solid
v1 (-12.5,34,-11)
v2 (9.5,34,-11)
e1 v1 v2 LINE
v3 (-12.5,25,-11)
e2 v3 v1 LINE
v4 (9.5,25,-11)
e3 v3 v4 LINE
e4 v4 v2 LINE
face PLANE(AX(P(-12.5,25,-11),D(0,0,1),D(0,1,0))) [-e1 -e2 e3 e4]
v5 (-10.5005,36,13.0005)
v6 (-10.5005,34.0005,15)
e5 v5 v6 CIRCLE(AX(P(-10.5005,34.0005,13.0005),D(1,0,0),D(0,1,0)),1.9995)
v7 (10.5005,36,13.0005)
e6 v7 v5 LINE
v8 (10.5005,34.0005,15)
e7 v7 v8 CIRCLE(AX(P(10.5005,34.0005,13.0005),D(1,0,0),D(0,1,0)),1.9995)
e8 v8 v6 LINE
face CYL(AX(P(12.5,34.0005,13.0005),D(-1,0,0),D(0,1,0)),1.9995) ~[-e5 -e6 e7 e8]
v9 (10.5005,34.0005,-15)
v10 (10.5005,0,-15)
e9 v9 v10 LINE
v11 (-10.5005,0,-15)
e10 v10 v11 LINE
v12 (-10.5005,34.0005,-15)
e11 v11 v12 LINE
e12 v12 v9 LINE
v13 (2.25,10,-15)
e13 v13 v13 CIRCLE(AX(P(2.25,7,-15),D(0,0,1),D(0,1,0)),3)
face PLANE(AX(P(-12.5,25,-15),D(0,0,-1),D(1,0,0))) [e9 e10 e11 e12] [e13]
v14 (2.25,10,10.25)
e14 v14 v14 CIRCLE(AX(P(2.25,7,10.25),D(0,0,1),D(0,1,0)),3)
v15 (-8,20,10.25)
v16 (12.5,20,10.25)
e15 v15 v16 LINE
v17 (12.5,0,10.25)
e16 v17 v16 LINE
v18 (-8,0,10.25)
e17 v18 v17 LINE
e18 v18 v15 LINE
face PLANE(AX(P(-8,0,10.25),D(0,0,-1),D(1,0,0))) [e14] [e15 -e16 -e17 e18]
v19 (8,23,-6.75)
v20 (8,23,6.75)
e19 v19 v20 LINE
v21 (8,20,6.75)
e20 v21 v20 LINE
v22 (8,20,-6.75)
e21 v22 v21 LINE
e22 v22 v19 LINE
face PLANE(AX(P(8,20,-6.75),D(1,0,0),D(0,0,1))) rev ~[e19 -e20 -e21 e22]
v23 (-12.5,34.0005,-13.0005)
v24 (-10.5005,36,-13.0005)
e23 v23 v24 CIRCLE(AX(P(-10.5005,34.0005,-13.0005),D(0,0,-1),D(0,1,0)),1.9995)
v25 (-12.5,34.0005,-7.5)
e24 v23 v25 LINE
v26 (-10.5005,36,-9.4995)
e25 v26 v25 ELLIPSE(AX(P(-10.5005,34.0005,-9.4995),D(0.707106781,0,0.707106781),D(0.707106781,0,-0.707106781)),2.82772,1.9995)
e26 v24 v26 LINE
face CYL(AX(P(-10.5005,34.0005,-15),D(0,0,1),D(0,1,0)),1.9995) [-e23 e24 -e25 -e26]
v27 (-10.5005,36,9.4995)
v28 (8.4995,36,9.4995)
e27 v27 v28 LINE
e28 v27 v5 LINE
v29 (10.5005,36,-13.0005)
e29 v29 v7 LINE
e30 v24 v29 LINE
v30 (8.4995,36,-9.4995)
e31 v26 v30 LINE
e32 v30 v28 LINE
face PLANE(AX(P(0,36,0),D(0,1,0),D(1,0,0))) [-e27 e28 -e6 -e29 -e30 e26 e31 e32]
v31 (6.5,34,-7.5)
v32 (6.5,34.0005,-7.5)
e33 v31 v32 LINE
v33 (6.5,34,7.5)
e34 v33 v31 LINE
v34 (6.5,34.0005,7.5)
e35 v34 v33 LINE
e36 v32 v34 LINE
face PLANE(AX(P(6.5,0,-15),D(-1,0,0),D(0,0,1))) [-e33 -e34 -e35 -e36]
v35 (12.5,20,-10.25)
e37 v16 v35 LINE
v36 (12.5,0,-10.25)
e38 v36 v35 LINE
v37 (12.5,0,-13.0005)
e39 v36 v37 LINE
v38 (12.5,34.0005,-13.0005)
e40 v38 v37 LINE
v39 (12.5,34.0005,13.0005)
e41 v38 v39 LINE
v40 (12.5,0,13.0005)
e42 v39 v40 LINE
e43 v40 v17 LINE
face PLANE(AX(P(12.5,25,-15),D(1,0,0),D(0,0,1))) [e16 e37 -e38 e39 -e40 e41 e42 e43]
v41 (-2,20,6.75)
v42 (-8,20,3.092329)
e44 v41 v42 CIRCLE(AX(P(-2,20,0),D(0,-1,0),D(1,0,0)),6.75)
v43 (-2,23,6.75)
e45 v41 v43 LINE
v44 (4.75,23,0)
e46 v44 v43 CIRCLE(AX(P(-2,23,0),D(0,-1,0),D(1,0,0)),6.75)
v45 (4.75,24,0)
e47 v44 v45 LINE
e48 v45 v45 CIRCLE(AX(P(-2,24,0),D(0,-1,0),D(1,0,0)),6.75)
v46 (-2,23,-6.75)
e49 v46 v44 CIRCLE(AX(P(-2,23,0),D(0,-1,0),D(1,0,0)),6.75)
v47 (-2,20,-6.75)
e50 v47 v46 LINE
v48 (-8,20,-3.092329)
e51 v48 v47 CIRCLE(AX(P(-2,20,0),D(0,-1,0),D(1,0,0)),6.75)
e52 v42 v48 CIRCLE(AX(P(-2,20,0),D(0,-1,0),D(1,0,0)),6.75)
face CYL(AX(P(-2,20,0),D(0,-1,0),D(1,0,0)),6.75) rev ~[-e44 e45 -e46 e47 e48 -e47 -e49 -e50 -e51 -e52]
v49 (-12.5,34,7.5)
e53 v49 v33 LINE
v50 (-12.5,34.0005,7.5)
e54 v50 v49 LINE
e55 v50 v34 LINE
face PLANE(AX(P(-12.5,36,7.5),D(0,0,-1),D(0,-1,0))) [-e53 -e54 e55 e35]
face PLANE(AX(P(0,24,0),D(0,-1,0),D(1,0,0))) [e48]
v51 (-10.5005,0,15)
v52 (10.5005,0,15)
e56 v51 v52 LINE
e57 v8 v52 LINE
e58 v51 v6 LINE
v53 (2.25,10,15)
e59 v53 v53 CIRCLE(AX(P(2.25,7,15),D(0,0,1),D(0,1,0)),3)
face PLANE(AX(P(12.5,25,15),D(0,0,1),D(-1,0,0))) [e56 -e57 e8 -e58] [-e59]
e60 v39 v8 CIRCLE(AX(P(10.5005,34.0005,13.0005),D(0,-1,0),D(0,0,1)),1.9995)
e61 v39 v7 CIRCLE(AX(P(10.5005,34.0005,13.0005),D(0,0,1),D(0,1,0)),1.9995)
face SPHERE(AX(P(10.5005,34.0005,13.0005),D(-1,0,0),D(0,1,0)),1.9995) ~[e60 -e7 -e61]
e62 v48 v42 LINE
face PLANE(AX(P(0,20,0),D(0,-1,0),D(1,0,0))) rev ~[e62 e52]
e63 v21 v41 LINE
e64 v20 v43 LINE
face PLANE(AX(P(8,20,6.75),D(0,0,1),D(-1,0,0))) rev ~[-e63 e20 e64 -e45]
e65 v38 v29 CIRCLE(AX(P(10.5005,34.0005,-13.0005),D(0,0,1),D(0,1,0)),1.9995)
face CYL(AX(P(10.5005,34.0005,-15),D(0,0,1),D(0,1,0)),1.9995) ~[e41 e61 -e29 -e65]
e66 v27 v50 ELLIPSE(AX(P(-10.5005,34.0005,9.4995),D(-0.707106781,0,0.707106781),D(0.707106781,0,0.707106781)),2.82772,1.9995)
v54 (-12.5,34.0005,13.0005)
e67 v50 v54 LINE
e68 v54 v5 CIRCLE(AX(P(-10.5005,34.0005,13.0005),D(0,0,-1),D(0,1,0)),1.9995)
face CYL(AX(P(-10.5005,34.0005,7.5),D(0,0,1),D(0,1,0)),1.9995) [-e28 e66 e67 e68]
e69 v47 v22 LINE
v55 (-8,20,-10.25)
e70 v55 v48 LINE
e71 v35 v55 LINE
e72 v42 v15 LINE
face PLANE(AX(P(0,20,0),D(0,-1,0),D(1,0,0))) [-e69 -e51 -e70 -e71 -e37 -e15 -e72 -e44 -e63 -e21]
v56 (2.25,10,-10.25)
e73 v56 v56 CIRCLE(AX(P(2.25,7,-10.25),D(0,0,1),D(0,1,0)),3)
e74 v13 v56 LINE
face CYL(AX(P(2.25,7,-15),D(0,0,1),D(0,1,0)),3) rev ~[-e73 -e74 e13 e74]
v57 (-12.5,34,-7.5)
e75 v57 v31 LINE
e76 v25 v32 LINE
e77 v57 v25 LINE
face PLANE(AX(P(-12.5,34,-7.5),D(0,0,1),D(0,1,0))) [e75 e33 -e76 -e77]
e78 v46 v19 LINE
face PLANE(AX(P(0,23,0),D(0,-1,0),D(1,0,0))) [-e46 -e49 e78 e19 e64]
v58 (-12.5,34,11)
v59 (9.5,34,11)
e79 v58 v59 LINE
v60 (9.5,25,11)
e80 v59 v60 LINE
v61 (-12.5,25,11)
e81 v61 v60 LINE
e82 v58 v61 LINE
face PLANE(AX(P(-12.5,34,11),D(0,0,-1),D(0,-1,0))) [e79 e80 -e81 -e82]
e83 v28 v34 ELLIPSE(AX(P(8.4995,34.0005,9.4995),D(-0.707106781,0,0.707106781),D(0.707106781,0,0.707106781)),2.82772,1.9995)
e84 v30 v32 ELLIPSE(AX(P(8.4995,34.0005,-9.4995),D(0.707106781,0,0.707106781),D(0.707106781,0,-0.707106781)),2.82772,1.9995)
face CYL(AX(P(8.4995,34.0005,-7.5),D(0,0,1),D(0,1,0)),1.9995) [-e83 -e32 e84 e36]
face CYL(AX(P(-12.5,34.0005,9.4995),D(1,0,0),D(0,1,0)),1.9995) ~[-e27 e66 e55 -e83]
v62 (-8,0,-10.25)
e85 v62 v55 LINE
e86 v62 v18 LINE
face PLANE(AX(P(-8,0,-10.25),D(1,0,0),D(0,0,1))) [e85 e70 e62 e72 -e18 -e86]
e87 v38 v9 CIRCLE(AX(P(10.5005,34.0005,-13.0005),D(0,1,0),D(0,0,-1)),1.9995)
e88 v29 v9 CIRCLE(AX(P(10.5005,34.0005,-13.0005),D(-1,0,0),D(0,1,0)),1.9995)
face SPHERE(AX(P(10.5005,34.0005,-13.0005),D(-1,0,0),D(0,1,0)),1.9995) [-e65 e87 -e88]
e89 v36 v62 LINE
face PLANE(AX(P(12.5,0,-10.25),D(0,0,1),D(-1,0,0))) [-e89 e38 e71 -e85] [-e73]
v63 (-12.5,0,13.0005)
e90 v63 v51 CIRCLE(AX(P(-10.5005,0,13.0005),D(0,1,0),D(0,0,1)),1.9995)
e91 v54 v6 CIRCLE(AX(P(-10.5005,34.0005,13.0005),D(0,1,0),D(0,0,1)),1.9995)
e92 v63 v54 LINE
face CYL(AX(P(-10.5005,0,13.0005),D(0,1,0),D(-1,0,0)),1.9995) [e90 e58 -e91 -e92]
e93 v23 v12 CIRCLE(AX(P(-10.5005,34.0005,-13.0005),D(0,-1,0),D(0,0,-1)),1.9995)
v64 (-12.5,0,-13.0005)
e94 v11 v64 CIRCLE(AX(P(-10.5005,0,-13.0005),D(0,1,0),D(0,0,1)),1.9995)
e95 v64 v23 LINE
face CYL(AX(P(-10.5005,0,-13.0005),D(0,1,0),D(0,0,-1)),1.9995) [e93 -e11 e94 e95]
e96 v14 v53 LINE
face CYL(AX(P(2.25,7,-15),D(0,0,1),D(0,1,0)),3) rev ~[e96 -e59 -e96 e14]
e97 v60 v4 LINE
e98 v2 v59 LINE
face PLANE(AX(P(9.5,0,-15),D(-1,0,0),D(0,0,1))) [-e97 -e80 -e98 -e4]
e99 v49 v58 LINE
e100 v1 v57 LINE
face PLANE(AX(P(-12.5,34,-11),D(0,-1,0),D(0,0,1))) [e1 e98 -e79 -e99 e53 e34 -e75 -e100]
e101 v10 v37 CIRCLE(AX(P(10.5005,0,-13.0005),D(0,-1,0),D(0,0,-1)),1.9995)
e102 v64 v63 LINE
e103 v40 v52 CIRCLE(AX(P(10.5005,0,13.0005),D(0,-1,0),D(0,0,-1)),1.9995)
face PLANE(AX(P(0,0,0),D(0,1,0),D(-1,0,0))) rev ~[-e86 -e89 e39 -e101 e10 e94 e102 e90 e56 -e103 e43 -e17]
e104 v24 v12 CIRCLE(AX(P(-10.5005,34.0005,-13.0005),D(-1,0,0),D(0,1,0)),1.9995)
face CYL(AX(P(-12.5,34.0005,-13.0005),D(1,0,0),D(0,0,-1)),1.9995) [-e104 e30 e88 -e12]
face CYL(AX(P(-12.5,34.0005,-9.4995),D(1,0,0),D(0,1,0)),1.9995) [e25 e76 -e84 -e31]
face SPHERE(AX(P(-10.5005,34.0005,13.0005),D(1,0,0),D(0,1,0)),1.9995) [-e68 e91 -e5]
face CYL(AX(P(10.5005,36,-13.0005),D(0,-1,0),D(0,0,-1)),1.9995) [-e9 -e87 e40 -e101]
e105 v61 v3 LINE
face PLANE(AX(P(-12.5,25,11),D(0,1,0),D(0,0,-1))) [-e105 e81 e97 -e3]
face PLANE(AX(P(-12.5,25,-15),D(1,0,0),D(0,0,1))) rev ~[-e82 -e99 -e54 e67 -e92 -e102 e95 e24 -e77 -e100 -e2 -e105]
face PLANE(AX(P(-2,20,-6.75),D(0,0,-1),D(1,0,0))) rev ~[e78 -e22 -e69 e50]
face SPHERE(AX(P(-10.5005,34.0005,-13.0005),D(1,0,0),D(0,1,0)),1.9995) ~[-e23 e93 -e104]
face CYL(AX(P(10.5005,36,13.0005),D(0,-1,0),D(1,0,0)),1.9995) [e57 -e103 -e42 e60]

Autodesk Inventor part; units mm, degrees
ref_plane "YZ Plane" through (0, 0, 0) normal (1, 0, 0) x (0, 1, 0)
ref_plane "XZ Plane" through (0, 0, 0) normal (0, 1, 0) x (-1, 0, 0)
ref_plane "XY Plane" through (0, 0, 0) normal (0, 0, 1) x (1, 0, 0)
sketch "スケッチ1" plane through (0, 0, 0) normal (0, 1, 0) x (-1, 0, 0)
  line L0 (-12.5, -15) -> (12.5, -15)
  line L1 (12.5, -15) -> (12.5, 15)
  line L2 (12.5, 15) -> (-12.5, 15)
  line L3 (-12.5, 15) -> (-12.5, -15)
  line L4 (-12.5, -15) -> (12.5, 15) construction
  line L5 (12.5, -15) -> (-12.5, 15) construction
  point P0 (0, 0)
  dimension "d0" = 25
  dimension "d1" = 30
extrude "押し出し1" add sketch "スケッチ1" along normal blind 25
sketch "スケッチ2" plane through (0, 0, 0) normal (0, -1, 0) x (1, 0, 0)
  line L0 (12.5, 15) -> (12.5, -15) projected
  line L1 (12.5, -10.25) -> (-8, -10.25)
  line L2 (-8, -10.25) -> (-8, 10.25)
  line L3 (-8, 10.25) -> (12.5, 10.25)
  line L4 (12.5, 10.25) -> (12.5, -10.25)
  line L5 (12.5, -15) -> (-12.5, -15) projected
  point P0 (0, 0)
  point P1 (12.5, 10.25)
  dimension "d4" = 20.5
  dimension "d5" = 20.5
  dimension "d22" = 10.25
extrude "押し出し2" cut sketch "スケッチ2" against normal blind 20
sketch "スケッチ4" plane through (12.5, 0, -15) normal (0, 0, -1) x (-1, 0, 0)
  line L0 (0, 0) -> (25, 0) projected
  line L1 (0, 0) -> (0, 25) projected
  point P0 (12.5, 0)
  point P1 (10.25, 7)
  dimension "d12" = 7
  dimension "d13" = 10.25
hole "穴1" at (2.25, 7, -15) direction (0, 0, 1) diameter 6 end through all
sketch "スケッチ5" plane through (0, 20, 0) normal (0, -1, 0) x (1, 0, 0)
  circle A0 centre (-2, 0) radius 6.75
  line L0 (12.5, 10.25) -> (12.5, -10.25) projected
  line L1 (-8, 10.25) -> (12.5, 10.25) projected
  line L2 (-12.5, -15) -> (-12.5, 15) projected
  point P0 (0, 0)
  dimension "d24" = 13.5
  dimension "d26" = 10.25
  dimension "d49" = 10.5
extrude "押し出し4" cut sketch "スケッチ5" against normal blind 4
sketch "スケッチ6" plane through (0, 25, 0) normal (0, 1, 0) x (1, 0, 0)
  line L0 (-12.5, 15) -> (-12.5, -15) projected
  line L1 (12.5, -15) -> (12.5, -10.25) projected
  line L2 (-12.5, 15) -> (12.5, 15)
  line L3 (12.5, 15) -> (12.5, -15)
  line L4 (12.5, -15) -> (-12.5, -15)
  line L5 (-12.5, -15) -> (-12.5, 15)
  point P0 (0, 0)
extrude "押し出し5" add sketch "スケッチ6" along normal blind 11
sketch "スケッチ8" plane through (-12.5, 0, -15) normal (-1, 0, 0) x (0, 0, 1)
  point P0 (15, 0)
sketch "スケッチ9" plane through (-12.5, 0, -15) normal (-1, 0, 0) x (0, 0, 1)
  line L0 (4, 34) -> (26, 34)
  line L1 (26, 34) -> (26, 25)
  line L2 (26, 25) -> (4, 25)
  line L3 (4, 25) -> (4, 34)
  line L4 (0, 36) -> (30, 36) projected
  point P0 (15, 0)
  dimension "d37" = 22
  dimension "d38" = 9
  dimension "d39" = 2
  dimension "d40" = 11
extrude "押し出し7" cut sketch "スケッチ9" against normal blind 22
sketch "スケッチ10" plane through (-12.5, 0, -15) normal (-1, 0, 0) x (0, 0, 1)
  line L0 (7.5, 36) -> (22.5, 36)
  line L1 (22.5, 36) -> (22.5, 34)
  line L2 (22.5, 34) -> (7.5, 34)
  line L3 (7.5, 34) -> (7.5, 36)
  line L4 (0, 36) -> (30, 36) projected
  point P0 (15, 0)
  dimension "d43" = 15
  dimension "d44" = 2
  dimension "d45" = 0
  dimension "d46" = 7.5
extrude "押し出し8" cut sketch "スケッチ10" against normal blind 19
sketch "スケッチ12" plane through (0, 20, 0) normal (0, -1, 0) x (1, 0, 0)
  circle A0 centre (-2, 0) radius 6.75 projected
  line L0 (-2, 6.75) -> (-2, -6.75)
  line L1 (-2, -6.75) -> (8, -6.75)
  line L2 (8, -6.75) -> (8, 6.75)
  line L3 (8, 6.75) -> (-2, 6.75)
  point P0 (0, 0)
  dimension "d50" = 10
extrude "押し出し9" cut sketch "スケッチ12" against normal blind 3 contours A0 L3 L2 L1
fillet "フィレット3" radius 2 12 edges at (0, 36, -15) (-3, 36, -7.5) (-12.5, 36, -11.25) (6.5, 36, 0) (-3, 36, 7.5) (0, 36, 15) (-12.5, 36, 11.25) (12.5, 36, 0) (12.5, 18, -15) (12.5, 18, 15) (-12.5, 18, 15) (-12.5, 18, -15)
properties part number "baseA"
